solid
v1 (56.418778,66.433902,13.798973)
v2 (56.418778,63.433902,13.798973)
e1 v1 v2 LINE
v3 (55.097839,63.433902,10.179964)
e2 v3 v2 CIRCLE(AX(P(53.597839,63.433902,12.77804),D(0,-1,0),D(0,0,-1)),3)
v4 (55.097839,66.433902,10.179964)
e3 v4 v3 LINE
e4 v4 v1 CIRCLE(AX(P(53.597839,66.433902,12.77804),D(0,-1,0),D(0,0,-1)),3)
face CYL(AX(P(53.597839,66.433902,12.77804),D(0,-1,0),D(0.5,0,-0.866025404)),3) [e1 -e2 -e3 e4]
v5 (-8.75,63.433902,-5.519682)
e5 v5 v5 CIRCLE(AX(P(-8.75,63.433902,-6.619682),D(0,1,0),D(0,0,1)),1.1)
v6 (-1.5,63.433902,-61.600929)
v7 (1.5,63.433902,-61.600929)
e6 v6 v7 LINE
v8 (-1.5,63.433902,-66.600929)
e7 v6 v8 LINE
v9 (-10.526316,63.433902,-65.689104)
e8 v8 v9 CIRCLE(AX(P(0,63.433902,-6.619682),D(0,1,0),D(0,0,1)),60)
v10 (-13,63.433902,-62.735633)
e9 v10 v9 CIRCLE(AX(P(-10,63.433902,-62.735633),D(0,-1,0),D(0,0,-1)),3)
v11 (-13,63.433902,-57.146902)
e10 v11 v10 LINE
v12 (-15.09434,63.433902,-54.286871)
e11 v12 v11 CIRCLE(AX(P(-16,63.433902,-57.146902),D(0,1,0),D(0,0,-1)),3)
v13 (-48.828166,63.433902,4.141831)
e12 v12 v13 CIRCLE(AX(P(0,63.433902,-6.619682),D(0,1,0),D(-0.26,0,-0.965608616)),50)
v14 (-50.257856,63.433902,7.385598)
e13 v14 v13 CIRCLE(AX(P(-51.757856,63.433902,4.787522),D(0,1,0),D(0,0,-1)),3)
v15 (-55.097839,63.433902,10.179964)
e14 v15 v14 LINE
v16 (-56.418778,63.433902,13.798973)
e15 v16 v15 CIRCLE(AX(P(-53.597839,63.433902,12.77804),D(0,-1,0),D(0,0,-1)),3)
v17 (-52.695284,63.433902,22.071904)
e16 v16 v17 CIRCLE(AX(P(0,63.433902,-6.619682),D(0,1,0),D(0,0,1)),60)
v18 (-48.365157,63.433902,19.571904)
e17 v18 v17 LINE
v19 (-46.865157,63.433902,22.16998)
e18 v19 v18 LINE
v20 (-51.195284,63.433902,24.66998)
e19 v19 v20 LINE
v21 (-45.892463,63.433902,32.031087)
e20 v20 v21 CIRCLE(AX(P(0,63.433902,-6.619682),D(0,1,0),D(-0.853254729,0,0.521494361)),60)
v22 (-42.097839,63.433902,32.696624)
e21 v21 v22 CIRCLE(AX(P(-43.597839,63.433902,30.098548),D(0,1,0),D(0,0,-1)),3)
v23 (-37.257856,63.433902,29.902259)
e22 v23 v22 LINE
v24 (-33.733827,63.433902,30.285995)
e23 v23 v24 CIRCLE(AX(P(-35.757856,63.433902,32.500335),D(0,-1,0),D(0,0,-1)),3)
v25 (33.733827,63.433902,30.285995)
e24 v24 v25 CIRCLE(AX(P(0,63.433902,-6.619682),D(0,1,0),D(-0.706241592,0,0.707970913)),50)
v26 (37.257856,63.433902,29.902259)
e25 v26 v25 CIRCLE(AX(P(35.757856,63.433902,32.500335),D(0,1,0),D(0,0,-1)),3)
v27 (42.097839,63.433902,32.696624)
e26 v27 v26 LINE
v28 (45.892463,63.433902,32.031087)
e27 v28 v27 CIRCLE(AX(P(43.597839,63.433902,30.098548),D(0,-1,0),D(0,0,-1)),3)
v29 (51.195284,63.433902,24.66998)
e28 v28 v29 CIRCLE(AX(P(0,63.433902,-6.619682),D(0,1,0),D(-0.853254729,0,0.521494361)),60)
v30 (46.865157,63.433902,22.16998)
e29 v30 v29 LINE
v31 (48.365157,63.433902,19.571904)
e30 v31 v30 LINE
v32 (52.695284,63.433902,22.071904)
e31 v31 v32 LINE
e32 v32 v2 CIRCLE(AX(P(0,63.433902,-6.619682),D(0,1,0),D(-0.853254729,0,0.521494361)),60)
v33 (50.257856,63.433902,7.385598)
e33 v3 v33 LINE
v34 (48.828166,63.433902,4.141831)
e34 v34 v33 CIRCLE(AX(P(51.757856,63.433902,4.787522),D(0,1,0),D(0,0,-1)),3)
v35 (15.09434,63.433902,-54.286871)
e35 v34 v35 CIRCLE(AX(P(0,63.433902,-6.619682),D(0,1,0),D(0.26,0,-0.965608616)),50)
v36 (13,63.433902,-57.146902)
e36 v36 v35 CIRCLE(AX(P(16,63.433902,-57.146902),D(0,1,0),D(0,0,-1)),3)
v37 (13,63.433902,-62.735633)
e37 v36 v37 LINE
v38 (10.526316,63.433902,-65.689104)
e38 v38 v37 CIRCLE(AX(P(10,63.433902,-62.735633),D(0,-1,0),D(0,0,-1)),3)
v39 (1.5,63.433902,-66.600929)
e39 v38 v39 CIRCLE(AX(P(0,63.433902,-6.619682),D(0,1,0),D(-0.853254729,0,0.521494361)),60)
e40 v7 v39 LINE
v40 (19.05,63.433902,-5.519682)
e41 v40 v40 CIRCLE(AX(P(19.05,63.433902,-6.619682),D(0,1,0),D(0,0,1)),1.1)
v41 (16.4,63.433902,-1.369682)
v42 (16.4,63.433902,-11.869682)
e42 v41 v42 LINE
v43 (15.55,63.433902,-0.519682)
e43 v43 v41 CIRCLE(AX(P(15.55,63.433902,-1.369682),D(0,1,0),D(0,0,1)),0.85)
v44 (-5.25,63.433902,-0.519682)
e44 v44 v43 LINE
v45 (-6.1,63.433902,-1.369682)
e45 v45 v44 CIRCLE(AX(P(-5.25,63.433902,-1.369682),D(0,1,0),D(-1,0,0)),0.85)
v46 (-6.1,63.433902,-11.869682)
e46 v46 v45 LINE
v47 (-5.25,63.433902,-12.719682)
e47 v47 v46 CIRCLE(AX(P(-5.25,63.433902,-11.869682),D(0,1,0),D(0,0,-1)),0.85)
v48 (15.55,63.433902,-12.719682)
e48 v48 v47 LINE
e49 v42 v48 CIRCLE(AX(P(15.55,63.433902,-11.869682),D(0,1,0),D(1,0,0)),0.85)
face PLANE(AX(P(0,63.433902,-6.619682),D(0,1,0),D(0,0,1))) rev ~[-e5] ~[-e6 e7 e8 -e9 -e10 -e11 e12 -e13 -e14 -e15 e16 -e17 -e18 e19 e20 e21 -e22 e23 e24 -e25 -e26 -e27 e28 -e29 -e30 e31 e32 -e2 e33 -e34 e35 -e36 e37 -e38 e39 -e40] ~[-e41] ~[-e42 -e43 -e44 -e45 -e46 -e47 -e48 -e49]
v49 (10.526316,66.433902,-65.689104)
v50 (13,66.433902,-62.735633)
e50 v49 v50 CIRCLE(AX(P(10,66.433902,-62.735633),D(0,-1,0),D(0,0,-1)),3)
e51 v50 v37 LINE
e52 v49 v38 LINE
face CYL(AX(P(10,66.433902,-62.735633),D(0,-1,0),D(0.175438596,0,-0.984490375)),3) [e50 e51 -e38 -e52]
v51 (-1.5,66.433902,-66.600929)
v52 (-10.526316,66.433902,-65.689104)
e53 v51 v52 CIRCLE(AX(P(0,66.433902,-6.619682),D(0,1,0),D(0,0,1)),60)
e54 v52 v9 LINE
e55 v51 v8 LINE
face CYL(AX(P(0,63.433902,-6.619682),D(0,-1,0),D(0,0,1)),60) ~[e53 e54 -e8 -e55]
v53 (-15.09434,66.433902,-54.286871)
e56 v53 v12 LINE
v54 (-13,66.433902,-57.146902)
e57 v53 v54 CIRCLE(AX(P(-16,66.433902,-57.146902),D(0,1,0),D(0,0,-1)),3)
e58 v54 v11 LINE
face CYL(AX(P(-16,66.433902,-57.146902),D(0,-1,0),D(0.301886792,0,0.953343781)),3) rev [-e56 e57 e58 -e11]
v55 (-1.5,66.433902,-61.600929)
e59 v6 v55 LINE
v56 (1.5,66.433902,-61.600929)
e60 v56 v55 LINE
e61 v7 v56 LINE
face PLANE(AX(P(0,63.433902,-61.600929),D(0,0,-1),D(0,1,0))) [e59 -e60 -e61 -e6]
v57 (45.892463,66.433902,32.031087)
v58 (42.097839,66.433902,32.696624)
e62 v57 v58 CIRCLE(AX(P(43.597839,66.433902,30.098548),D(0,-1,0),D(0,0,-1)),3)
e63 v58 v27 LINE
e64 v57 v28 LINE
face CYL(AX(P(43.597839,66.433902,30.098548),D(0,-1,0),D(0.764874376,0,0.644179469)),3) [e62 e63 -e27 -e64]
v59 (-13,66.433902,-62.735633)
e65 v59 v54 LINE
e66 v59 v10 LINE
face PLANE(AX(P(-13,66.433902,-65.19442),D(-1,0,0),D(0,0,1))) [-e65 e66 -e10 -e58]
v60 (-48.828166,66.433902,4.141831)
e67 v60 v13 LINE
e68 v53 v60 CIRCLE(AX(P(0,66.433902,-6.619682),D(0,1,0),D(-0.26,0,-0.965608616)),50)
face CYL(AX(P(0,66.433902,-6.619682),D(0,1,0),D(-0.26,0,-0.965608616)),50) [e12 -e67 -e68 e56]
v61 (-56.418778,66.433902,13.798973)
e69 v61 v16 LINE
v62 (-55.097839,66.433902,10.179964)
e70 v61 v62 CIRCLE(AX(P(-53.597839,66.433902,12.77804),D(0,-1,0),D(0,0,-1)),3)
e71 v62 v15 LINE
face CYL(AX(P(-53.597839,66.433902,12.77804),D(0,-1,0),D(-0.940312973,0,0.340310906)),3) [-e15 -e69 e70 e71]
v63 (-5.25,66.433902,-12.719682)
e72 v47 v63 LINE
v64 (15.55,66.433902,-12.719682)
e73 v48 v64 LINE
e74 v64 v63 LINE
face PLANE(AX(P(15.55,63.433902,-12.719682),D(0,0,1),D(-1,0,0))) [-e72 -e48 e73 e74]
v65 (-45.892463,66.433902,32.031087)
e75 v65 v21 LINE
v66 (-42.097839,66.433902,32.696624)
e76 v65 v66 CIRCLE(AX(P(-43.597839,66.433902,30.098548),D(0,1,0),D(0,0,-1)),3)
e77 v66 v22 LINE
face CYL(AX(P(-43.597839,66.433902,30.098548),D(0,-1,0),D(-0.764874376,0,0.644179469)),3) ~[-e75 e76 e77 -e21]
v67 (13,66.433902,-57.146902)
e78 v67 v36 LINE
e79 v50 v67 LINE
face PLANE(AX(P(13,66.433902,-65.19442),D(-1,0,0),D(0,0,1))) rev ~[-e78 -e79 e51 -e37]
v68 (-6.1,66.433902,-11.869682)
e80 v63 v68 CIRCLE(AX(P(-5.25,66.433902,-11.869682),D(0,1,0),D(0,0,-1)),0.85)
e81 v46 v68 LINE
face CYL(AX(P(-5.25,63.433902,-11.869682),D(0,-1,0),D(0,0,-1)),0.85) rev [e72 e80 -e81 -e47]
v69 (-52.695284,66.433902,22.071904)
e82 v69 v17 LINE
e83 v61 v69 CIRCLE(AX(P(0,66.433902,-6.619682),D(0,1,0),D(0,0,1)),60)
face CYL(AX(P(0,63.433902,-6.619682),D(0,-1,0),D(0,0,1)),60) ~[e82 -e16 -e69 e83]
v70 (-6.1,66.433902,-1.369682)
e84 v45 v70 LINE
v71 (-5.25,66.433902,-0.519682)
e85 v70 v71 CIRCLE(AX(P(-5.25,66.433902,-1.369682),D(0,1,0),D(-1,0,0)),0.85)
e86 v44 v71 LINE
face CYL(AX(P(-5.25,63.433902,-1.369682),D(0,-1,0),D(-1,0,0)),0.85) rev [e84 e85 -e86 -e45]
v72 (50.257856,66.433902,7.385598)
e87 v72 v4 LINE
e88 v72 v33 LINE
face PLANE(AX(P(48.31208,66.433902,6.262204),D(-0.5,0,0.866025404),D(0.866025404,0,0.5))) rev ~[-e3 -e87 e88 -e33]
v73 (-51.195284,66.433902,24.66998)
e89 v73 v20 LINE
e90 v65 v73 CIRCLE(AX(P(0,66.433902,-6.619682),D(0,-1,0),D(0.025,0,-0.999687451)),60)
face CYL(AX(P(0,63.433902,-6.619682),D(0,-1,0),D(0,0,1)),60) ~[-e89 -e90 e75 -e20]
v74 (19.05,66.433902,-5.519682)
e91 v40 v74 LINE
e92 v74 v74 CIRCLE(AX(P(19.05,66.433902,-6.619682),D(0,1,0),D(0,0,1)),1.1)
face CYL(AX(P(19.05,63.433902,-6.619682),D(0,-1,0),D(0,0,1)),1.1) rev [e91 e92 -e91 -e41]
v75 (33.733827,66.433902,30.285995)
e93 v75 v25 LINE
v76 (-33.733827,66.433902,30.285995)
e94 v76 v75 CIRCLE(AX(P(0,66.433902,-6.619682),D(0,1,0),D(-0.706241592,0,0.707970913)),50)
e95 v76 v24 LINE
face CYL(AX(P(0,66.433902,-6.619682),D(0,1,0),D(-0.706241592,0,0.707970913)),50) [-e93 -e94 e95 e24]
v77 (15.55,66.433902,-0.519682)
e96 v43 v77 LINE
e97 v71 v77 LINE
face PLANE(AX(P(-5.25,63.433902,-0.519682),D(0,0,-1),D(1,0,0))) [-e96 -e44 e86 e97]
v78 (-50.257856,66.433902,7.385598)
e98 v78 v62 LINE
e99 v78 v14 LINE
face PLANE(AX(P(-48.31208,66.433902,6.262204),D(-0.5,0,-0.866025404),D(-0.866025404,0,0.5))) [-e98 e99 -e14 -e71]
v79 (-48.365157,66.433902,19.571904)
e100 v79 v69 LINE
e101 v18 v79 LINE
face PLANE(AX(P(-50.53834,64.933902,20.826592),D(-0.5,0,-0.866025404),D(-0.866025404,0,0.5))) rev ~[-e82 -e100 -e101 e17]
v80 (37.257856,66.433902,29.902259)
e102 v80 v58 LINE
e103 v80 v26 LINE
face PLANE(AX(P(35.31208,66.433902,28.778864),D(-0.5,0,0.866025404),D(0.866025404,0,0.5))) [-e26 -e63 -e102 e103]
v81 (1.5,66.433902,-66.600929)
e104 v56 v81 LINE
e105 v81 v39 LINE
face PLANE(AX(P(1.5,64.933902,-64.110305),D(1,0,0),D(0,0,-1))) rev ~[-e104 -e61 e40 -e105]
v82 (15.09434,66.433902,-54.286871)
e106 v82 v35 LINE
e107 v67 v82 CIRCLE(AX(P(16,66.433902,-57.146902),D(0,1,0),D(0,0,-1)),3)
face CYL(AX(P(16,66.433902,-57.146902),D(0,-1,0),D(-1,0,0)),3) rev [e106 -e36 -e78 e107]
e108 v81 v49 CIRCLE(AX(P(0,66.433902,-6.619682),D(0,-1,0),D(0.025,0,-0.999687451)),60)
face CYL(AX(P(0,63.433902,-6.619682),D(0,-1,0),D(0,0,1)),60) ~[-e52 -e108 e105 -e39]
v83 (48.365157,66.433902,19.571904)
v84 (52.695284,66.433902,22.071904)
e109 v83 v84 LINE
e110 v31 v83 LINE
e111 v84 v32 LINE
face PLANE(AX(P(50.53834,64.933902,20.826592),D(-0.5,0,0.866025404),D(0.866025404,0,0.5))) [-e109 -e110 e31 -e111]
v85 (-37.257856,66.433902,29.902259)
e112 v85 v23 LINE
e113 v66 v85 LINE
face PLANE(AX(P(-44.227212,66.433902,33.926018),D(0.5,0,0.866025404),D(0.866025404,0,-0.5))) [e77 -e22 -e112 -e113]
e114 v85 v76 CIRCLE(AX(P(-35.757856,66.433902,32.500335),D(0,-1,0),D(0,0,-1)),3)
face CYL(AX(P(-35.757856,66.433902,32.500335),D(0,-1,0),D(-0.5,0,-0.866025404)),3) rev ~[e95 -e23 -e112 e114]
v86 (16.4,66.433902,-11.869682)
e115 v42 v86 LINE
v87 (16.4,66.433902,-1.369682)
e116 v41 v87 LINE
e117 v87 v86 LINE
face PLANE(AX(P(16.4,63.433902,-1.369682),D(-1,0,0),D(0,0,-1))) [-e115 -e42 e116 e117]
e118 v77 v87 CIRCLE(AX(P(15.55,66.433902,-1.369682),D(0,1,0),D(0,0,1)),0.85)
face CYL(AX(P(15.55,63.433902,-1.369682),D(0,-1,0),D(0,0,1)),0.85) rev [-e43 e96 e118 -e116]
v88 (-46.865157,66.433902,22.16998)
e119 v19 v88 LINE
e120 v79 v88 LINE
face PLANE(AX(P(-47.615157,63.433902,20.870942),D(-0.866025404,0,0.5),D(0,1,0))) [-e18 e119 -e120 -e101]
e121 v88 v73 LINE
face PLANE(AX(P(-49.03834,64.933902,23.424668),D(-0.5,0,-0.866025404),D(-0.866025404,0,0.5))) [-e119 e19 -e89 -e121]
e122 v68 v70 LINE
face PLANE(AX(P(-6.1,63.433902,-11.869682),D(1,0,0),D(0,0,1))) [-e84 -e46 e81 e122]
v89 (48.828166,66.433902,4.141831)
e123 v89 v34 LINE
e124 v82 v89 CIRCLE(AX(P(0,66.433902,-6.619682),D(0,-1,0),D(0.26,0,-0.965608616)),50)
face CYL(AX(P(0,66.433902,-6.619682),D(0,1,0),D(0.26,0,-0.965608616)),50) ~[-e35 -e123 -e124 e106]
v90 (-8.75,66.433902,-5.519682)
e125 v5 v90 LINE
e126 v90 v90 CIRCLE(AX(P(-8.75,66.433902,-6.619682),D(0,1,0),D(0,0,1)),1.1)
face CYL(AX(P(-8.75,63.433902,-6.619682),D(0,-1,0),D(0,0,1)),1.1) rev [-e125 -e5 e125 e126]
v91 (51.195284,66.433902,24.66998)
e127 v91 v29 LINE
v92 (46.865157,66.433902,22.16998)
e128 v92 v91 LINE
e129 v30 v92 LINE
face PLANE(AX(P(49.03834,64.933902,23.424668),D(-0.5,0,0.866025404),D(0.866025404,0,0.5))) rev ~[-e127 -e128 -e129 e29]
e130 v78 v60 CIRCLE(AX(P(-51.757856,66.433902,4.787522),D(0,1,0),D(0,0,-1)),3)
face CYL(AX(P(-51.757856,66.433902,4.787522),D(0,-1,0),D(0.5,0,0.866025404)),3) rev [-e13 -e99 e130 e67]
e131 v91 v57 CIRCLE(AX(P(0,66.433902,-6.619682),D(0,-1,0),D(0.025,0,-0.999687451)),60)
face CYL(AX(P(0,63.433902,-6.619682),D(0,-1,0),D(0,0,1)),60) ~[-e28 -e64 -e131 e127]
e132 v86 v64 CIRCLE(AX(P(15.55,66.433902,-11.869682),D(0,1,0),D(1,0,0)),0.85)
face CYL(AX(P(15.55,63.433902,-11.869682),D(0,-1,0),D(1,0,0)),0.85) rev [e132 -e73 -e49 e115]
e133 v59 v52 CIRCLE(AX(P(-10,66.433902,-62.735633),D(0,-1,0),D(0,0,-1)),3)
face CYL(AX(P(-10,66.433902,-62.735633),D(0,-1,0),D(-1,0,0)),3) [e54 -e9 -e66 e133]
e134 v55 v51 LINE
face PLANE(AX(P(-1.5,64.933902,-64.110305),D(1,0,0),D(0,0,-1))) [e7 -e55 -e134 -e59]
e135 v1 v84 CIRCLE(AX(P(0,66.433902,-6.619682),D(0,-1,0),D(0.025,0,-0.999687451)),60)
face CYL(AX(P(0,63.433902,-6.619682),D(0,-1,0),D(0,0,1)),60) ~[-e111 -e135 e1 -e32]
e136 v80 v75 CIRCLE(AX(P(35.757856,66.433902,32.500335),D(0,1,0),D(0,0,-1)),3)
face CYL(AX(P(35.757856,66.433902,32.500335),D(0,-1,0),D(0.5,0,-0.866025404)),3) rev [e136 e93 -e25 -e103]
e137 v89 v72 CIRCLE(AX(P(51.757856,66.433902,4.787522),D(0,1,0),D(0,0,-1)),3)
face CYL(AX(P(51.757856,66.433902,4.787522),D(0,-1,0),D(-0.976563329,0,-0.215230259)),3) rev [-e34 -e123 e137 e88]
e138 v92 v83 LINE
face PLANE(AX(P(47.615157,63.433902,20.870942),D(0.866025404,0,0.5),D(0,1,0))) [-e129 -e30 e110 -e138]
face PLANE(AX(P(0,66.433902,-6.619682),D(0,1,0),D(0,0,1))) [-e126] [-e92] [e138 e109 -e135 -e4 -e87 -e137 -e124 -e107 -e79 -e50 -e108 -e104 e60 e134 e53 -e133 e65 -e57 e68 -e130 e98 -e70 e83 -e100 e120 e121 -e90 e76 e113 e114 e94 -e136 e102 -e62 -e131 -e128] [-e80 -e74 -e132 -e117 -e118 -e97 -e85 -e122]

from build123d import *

# Parameters (mm, degrees)
SKETCH1_R           = 60
SKETCH1_R_2         = 1.1
BOSS_EXTRUDE1_DEPTH = 3
SKETCH2_W           = 5.018752931
SKETCH2_H           = 3
CUT_EXTRUDE1_DEPTH  = 1.5
CIRPATTERN1_COUNT   = 3
CUT_EXTRUDE2_REACH  = 91.692
FILLET1_R           = 3


with BuildPart() as part:
    # Sketch1 → Boss-Extrude1 (new body)
    with BuildSketch(Plane(origin=(0, 63.433902084, 0), x_dir=(1, 0, 0), z_dir=(0, 1, 0))):
        with Locations(Location((0, 6.619681527, 0), (0, 0, 270))):
            Circle(SKETCH1_R)
        with Locations(Location((-8.75, 6.619681527, 0), (0, 0, 270))):
            Circle(SKETCH1_R_2, mode=Mode.SUBTRACT)
        with Locations(Location((19.05, 6.619681527, 0), (0, 0, 270))):
            Circle(SKETCH1_R_2, mode=Mode.SUBTRACT)
        with BuildLine():
            Line((1.562049935, 12.719681527), (0, 12.719681527))
            Line((0, 12.719681527), (-1.562049935, 12.719681527))
            Line((-1.562049935, 12.719681527), (-5.25, 12.719681527))
            ThreePointArc((-5.25, 12.719681527), (-5.851040764, 12.470722291), (-6.1, 11.869681527))
            Line((-6.1, 11.869681527), (-6.1, 8.181731462))
            Line((-6.1, 8.181731462), (-6.1, 6.619681527))
            Line((-6.1, 6.619681527), (-6.1, 5.057631592))
            Line((-6.1, 5.057631592), (-6.1, 1.369681527))
            ThreePointArc((-6.1, 1.369681527), (-5.851040764, 0.768640763), (-5.25, 0.519681527))
            Line((-5.25, 0.519681527), (-1.562049935, 0.519681527))
            Line((-1.562049935, 0.519681527), (0, 0.519681527))
            Line((0, 0.519681527), (1.562049935, 0.519681527))
            Line((1.562049935, 0.519681527), (15.55, 0.519681527))
            ThreePointArc((15.55, 0.519681527), (16.151040764, 0.768640763), (16.4, 1.369681527))
            Line((16.4, 1.369681527), (16.4, 11.869681527))
            ThreePointArc((16.4, 11.869681527), (16.151040764, 12.470722291), (15.55, 12.719681527))
            Line((15.55, 12.719681527), (1.562049935, 12.719681527))
        make_face(mode=Mode.SUBTRACT)
    extrude(amount=BOSS_EXTRUDE1_DEPTH)

    # Sketch2 → Cut-Extrude1 (cut, symmetric)
    with BuildSketch(Plane(origin=(0, 0, 0), x_dir=(0, 0, -1), z_dir=(1, 0, 0))):
        with Locations((64.110305062, 64.933902084)):
            Rectangle(SKETCH2_W, SKETCH2_H)
    cut_extrude1 = extrude(amount=CUT_EXTRUDE1_DEPTH, both=True, mode=Mode.SUBTRACT)

    # CirPattern1: Cut-Extrude1 ×3 about axis
    cirpattern1_axis = Axis((0, 0, -6.619681527), (0, 1, 0))
    for i in range(1, CIRPATTERN1_COUNT):
        add(cut_extrude1.rotate(cirpattern1_axis, i * 360 / CIRPATTERN1_COUNT), mode=Mode.SUBTRACT)

    # Sketch3 → Cut-Extrude2 (cut, up to next)
    with BuildSketch(Plane(origin=(0, 66.433902084, 0), x_dir=(1, 0, 0), z_dir=(0, 1, 0)), mode=Mode.PRIVATE) as cut_extrude2_sk1:
        with BuildLine():
            Line((35.312079594, -28.778864132), (44.227211632, -33.926018014))
            ThreePointArc((44.227211632, -33.926018014), (0, -53.380318473), (-44.227211632, -33.926018014))
            Line((-44.227211632, -33.926018014), (-35.312079594, -28.778864132))
            ThreePointArc((-35.312079594, -28.778864132), (0, -43.380318473), (35.312079594, -28.778864132))
        make_face()
    cut_extrude2_tool1 = extrude(cut_extrude2_sk1.sketch, amount=-CUT_EXTRUDE2_REACH, mode=Mode.PRIVATE) & part.part
    # Sketch3 → Cut-Extrude2 (cut, up to next)
    with BuildSketch(Plane(origin=(0, 66.433902084, 0), x_dir=(1, 0, 0), z_dir=(0, 1, 0)), mode=Mode.PRIVATE) as cut_extrude2_sk2:
        with BuildLine():
            Line((48.312079594, -6.262203633), (57.227211632, -11.409357515))
            ThreePointArc((57.227211632, -11.409357515), (51.961524227, 36.619681527), (13, 65.194420109))
            Line((13, 65.194420109), (13, 54.900112345))
            ThreePointArc((13, 54.900112345), (43.301270189, 31.619681527), (48.312079594, -6.262203633))
        make_face()
    cut_extrude2_tool2 = extrude(cut_extrude2_sk2.sketch, amount=-CUT_EXTRUDE2_REACH, mode=Mode.PRIVATE) & part.part
    # Sketch3 → Cut-Extrude2 (cut, up to next)
    with BuildSketch(Plane(origin=(0, 66.433902084, 0), x_dir=(1, 0, 0), z_dir=(0, 1, 0)), mode=Mode.PRIVATE) as cut_extrude2_sk3:
        with BuildLine():
            Line((-48.312079594, -6.262203633), (-57.227211632, -11.409357515))
            ThreePointArc((-57.227211632, -11.409357515), (-51.961524227, 36.619681527), (-13, 65.194420109))
            Line((-13, 65.194420109), (-13, 54.900112345))
            ThreePointArc((-13, 54.900112345), (-43.301270189, 31.619681527), (-48.312079594, -6.262203633))
        make_face()
    cut_extrude2_tool3 = extrude(cut_extrude2_sk3.sketch, amount=-CUT_EXTRUDE2_REACH, mode=Mode.PRIVATE) & part.part
    add(cut_extrude2_tool1.solids().sort_by_distance((0, 66.433902, 52.4622))[0], mode=Mode.SUBTRACT)
    add(cut_extrude2_tool2.solids().sort_by_distance((53.21901, 66.433902, 8.057458))[0], mode=Mode.SUBTRACT)
    add(cut_extrude2_tool3.solids().sort_by_distance((-13.898729, 66.433902, -60.047266))[0], mode=Mode.SUBTRACT)

    # Fillet1
    fillet1_edges = [part.edges().sort_by_distance(p)[0] for p in [
        (-13, 64.933902084, -54.900112345),
        (-48.312079594, 64.933902084, 6.262203633),
        (-57.227211632, 64.933902084, 11.409357515),
        (-13, 64.933902084, -65.194420109),
        (-35.312079594, 64.933902084, 28.778864132),
        (35.312079594, 64.933902084, 28.778864132),
        (44.227211632, 64.933902084, 33.926018014),
        (-44.227211632, 64.933902084, 33.926018014),
        (48.312079594, 64.933902084, 6.262203633),
        (13, 64.933902084, -54.900112345),
        (13, 64.933902084, -65.194420109),
        (57.227211632, 64.933902084, 11.409357515),
    ]]
    fillet(fillet1_edges, radius=FILLET1_R)


solid = part.part
